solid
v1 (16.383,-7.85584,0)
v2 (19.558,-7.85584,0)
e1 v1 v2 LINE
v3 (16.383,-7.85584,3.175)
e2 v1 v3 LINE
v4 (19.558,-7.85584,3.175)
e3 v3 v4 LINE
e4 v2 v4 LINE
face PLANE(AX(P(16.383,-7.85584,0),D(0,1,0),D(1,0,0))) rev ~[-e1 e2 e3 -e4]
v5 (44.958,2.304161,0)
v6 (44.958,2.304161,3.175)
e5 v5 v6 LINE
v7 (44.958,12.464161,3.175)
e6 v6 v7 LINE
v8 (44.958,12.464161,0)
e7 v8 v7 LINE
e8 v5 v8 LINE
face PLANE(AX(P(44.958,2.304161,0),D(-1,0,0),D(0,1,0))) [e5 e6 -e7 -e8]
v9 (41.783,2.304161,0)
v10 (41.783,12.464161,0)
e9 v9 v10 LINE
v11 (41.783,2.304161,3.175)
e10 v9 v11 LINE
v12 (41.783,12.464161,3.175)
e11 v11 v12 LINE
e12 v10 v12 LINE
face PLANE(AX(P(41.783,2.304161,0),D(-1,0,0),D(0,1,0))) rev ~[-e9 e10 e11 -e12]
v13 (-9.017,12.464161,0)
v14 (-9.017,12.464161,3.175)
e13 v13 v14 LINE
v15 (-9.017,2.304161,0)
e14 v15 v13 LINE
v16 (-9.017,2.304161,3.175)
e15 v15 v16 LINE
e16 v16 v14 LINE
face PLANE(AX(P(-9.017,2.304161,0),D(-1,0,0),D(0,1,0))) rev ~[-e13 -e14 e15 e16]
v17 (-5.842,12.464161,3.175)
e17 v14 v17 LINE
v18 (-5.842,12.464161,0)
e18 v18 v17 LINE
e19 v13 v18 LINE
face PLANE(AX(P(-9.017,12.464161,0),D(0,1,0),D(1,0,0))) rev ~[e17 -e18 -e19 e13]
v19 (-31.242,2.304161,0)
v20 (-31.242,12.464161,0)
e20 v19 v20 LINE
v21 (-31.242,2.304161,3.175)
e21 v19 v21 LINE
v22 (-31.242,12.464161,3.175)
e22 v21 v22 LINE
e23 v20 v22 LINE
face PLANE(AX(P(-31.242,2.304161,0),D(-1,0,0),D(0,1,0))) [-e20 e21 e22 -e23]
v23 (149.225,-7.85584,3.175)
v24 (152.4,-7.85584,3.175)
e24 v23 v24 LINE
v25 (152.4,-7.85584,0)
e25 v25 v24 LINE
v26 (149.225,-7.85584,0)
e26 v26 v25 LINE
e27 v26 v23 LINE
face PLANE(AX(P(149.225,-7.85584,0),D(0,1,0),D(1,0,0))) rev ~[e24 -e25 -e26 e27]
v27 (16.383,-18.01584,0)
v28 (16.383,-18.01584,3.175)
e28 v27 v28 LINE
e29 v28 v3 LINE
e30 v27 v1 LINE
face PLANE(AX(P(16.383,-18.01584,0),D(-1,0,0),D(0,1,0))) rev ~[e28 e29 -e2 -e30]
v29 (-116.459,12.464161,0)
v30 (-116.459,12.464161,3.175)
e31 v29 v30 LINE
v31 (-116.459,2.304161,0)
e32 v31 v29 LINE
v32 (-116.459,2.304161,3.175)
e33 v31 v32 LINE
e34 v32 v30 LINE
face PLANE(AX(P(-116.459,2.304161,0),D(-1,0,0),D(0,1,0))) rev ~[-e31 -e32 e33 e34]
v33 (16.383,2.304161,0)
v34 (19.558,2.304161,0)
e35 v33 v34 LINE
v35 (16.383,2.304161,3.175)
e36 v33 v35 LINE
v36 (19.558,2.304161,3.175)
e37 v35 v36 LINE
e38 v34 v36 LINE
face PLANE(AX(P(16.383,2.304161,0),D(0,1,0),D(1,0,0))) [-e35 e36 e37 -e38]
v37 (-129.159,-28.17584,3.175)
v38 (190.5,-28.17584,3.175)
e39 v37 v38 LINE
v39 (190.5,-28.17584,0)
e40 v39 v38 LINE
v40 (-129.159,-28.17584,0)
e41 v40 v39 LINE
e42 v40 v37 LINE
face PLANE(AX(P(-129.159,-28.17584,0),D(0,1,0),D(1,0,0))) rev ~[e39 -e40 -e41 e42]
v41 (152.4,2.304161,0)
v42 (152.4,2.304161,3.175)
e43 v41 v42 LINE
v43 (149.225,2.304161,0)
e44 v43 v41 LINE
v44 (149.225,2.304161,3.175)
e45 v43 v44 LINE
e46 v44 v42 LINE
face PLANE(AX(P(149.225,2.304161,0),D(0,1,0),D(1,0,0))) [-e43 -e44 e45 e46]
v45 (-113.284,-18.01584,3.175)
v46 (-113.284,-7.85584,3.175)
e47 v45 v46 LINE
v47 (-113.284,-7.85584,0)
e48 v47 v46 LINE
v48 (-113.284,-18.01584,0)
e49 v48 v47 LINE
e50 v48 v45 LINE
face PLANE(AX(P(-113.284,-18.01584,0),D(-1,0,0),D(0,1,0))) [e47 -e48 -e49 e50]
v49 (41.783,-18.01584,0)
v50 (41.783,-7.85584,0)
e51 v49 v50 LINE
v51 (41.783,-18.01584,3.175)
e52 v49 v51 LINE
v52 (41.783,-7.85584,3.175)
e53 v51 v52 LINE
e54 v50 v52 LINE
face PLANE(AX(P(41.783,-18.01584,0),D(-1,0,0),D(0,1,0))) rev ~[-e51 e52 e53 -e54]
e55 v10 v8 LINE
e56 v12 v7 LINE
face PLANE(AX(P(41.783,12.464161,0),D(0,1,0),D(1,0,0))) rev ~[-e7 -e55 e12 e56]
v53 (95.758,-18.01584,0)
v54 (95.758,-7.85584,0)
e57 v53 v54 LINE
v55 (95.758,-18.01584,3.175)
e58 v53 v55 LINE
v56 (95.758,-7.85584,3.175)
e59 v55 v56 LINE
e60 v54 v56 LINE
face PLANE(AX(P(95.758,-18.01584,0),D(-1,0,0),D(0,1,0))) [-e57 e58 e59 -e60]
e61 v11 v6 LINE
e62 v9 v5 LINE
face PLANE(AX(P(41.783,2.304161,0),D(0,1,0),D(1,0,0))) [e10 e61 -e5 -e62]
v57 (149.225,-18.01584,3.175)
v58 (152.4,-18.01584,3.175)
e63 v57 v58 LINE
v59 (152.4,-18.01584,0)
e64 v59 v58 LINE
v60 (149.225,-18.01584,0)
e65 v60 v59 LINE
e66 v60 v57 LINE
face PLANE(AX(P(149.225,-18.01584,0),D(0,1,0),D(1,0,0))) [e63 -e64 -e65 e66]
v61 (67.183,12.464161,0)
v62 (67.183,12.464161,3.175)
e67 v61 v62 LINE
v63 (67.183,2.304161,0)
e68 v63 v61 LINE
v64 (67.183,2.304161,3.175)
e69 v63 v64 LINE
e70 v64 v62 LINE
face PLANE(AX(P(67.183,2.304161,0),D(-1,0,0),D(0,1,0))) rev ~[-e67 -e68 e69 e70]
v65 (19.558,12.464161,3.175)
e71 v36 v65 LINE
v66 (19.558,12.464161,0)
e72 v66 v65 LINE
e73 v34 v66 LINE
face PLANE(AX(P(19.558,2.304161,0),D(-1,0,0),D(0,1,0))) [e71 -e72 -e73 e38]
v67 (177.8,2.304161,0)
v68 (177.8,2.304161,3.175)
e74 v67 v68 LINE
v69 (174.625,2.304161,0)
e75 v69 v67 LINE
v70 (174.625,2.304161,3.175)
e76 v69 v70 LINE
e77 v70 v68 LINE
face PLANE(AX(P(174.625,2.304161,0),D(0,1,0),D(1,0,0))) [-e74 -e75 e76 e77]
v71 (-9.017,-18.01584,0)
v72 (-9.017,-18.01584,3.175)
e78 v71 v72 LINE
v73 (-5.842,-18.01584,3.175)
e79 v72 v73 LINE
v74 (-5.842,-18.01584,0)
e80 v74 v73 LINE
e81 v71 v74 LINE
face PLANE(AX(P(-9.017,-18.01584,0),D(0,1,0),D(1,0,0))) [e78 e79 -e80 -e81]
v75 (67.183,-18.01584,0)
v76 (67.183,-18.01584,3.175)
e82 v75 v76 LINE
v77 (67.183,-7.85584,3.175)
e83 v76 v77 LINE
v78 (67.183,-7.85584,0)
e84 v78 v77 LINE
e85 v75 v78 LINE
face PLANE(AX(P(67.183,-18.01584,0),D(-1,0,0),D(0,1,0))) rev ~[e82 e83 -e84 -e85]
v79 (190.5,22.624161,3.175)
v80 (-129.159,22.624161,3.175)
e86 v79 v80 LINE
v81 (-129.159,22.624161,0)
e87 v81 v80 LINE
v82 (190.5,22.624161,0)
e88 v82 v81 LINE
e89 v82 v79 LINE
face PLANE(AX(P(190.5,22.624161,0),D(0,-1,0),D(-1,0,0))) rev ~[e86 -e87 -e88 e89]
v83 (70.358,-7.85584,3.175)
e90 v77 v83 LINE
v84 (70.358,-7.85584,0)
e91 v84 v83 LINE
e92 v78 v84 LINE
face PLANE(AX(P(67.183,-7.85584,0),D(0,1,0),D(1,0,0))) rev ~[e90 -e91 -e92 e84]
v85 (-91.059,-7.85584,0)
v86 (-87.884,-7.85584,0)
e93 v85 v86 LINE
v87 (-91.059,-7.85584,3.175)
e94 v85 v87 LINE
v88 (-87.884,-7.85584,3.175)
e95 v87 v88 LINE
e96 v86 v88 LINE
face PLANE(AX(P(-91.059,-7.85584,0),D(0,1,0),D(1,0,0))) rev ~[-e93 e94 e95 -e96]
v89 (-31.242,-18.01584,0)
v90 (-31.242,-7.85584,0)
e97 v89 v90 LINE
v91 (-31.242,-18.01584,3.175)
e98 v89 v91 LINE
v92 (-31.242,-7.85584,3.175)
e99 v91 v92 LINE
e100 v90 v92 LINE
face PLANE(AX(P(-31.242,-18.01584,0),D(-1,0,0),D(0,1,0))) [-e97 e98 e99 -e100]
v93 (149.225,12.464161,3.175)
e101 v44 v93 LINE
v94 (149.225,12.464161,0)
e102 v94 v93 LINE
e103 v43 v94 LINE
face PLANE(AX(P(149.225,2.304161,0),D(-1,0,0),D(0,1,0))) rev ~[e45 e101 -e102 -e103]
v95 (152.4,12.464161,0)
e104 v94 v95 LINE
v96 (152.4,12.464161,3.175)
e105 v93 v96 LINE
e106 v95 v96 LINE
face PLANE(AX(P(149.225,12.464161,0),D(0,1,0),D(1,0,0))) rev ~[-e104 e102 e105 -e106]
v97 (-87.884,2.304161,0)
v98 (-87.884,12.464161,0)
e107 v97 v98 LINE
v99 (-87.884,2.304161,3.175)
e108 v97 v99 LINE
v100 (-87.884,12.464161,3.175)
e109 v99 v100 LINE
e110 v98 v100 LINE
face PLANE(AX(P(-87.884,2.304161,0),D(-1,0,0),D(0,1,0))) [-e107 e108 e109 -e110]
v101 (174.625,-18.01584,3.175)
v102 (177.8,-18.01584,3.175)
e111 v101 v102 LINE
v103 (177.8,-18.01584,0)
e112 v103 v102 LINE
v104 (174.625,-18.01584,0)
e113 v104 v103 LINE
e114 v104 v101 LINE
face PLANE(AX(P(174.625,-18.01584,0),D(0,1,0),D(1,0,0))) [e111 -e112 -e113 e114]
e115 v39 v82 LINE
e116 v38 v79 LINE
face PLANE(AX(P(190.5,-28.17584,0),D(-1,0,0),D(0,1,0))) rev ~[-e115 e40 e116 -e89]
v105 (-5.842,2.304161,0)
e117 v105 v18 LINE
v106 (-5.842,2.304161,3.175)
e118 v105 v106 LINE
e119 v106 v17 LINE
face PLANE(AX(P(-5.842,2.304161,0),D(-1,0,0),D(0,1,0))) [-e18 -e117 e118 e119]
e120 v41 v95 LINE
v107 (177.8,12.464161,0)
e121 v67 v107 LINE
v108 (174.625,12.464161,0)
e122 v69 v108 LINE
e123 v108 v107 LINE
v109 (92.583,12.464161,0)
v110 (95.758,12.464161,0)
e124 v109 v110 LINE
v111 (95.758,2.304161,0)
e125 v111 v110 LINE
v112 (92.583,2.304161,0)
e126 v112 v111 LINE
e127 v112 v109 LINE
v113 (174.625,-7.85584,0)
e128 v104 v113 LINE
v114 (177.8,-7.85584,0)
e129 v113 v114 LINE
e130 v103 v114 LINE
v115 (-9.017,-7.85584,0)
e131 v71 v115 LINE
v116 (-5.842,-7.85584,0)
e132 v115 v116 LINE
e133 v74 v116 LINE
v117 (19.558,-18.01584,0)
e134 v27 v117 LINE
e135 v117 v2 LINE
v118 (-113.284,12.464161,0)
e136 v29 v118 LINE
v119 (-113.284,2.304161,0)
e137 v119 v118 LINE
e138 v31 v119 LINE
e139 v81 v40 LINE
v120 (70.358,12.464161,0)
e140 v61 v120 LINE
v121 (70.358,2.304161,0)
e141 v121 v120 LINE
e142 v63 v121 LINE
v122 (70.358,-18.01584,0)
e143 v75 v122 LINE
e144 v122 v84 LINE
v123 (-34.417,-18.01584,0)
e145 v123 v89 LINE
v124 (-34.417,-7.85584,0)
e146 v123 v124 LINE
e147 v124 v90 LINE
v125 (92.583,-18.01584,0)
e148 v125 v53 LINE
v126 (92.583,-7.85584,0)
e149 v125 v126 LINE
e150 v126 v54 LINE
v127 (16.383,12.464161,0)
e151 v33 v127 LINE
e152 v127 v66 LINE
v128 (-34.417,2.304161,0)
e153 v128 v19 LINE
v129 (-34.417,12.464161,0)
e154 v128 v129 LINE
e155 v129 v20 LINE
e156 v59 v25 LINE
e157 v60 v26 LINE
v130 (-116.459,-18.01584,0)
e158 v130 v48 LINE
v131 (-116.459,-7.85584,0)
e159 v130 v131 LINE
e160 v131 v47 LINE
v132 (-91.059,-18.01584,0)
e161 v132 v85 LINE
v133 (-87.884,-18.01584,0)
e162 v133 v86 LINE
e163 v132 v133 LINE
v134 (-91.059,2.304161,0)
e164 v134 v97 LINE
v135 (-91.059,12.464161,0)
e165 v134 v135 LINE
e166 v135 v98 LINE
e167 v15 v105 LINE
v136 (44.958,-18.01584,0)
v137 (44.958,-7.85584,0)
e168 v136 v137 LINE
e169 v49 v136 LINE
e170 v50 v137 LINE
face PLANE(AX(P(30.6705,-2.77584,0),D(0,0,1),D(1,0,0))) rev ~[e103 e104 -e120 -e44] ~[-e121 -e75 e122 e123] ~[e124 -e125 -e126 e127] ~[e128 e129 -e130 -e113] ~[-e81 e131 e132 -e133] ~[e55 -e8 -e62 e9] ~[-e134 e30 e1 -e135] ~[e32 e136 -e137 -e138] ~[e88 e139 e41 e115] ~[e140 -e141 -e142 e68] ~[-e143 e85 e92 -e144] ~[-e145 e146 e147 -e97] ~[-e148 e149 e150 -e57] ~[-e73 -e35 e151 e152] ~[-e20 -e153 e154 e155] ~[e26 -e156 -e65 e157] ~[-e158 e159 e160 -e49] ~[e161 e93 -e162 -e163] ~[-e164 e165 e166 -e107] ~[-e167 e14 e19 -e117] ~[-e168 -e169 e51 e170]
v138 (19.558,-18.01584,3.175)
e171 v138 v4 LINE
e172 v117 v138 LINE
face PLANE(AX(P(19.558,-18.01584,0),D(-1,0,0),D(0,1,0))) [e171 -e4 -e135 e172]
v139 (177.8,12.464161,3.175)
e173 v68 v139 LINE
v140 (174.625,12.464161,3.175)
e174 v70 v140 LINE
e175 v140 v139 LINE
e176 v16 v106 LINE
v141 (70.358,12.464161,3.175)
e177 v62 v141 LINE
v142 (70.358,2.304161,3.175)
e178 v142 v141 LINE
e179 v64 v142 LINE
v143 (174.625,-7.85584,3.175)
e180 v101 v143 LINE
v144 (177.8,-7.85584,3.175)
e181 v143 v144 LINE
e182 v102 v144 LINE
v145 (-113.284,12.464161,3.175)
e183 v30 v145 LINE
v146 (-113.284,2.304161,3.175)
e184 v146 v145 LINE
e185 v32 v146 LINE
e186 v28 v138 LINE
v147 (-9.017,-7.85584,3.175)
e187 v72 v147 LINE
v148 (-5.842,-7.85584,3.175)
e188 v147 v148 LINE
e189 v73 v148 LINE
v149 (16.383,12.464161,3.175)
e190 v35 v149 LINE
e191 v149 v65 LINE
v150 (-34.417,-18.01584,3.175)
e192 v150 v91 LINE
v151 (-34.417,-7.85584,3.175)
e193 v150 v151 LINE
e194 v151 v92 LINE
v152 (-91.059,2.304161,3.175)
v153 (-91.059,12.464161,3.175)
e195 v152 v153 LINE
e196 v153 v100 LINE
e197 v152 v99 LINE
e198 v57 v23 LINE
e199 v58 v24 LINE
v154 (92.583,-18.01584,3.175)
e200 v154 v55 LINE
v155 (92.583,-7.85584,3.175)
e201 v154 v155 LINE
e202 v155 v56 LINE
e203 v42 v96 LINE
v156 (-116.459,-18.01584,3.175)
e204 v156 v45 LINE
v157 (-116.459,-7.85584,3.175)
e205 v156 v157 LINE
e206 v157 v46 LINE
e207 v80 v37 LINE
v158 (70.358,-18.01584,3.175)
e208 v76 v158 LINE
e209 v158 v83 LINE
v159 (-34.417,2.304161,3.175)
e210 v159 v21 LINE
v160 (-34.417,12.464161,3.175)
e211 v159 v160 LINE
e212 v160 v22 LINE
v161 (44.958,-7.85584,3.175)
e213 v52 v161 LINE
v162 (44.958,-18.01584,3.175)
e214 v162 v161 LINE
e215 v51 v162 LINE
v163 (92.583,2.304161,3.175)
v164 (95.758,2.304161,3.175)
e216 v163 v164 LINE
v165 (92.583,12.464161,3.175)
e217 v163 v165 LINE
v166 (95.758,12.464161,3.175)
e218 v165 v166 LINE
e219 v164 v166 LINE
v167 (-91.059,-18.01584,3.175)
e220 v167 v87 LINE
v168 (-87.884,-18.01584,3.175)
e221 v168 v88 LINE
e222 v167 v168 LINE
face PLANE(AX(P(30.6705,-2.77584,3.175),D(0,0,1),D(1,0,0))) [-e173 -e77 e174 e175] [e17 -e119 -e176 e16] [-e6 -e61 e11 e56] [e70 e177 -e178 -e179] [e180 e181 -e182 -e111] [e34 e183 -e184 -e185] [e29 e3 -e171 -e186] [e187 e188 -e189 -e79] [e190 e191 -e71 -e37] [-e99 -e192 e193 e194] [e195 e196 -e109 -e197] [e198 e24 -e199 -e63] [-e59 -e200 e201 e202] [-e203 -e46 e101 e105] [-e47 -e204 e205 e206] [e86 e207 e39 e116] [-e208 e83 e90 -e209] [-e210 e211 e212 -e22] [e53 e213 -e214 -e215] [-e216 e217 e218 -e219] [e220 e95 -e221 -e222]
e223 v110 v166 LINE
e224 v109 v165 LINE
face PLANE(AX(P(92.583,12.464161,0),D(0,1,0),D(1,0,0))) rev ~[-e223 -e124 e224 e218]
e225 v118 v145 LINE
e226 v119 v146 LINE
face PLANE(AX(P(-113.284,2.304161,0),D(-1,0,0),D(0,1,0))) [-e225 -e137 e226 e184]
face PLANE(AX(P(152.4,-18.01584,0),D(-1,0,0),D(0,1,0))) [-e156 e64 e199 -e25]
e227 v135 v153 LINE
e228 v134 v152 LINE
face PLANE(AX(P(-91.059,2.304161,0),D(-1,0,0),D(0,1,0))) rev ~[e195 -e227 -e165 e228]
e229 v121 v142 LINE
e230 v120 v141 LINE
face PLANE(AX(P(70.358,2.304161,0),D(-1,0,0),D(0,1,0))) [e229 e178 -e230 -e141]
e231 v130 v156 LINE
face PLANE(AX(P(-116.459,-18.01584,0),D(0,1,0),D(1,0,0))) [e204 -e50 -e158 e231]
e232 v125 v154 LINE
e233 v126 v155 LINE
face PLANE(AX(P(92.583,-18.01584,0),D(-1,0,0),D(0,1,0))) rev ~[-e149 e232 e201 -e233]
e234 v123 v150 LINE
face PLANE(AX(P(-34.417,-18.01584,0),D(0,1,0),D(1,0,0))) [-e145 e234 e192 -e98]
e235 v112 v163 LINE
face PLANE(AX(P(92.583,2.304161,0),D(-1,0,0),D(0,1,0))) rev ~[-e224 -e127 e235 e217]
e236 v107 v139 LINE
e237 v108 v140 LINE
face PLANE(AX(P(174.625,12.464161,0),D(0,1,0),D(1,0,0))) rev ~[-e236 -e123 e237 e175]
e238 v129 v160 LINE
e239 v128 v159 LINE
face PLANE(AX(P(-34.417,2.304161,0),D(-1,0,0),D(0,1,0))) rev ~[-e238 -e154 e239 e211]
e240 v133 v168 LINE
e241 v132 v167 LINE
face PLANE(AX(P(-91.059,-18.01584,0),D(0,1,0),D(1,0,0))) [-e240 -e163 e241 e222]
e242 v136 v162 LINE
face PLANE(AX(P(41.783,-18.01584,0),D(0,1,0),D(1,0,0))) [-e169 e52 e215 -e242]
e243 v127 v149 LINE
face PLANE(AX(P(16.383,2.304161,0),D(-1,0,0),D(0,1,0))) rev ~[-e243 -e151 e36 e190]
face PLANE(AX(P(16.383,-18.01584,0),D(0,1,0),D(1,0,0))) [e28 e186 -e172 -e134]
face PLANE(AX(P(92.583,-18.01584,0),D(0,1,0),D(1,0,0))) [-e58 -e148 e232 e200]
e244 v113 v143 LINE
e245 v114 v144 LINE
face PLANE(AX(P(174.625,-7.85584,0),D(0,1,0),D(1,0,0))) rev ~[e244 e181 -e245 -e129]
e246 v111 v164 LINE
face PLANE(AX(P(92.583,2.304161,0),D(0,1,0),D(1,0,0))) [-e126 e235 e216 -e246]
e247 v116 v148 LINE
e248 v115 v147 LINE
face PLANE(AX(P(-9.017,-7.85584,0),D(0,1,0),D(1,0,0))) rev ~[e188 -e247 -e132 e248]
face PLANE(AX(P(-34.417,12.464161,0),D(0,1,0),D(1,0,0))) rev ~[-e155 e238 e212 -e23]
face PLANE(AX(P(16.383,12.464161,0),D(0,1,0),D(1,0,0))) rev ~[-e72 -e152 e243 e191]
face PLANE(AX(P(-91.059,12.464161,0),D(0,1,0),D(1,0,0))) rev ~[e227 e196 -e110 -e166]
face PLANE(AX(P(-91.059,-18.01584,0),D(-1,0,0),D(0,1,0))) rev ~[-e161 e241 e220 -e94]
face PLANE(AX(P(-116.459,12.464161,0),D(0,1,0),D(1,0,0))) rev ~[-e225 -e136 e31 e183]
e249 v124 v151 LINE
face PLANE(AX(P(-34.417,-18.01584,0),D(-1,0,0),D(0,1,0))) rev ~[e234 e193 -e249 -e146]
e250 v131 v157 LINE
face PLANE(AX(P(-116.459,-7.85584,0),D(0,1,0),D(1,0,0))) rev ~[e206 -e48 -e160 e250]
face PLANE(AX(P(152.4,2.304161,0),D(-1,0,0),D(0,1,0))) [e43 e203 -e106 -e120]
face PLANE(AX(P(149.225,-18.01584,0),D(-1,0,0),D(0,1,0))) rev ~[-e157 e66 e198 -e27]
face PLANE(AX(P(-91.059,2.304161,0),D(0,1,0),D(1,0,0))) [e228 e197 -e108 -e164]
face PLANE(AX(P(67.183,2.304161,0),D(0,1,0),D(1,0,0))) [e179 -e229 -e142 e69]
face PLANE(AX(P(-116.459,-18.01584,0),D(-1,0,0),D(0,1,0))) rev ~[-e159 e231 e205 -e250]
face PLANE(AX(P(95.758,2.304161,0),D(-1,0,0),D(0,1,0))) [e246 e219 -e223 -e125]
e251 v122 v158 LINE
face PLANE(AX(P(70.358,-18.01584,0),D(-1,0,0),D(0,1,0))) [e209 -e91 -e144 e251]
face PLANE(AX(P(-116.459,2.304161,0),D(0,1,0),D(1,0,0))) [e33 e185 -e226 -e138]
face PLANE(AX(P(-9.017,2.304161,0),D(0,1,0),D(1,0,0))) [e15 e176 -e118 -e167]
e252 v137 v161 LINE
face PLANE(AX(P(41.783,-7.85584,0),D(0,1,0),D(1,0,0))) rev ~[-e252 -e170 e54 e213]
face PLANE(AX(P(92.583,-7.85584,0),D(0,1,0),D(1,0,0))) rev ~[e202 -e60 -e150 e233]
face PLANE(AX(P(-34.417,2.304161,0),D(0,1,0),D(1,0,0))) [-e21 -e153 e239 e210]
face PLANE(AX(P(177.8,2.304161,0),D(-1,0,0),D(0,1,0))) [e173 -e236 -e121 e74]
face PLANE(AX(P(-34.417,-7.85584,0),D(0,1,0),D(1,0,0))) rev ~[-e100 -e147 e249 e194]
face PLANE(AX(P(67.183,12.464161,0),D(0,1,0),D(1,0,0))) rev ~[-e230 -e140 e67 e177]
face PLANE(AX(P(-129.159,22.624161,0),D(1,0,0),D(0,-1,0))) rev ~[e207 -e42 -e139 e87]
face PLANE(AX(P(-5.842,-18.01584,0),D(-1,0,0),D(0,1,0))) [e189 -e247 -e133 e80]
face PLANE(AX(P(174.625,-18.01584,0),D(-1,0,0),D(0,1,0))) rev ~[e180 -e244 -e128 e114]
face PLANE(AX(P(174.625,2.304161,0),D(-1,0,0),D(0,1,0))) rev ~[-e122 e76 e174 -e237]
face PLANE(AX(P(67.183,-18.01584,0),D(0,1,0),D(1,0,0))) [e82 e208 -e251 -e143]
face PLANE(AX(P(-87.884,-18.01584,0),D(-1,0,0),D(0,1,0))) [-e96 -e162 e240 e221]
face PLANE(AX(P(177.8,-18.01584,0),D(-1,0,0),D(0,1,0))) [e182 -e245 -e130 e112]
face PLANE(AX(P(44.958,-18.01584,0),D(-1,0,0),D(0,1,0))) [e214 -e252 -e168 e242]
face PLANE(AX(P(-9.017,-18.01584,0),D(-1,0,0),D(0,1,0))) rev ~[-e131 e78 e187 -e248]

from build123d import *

# Parameters (mm, degrees)
F0_W     = 3.175
F0_H     = 10.16
F1_DEPTH = 3.175


with BuildPart() as f1:
    # F0 (on Top) → F1 (new body)
    with BuildSketch(Plane.XY):
        Polygon((-129.159, -28.17584), (190.5, -28.17584), (190.5, 22.624161), (177.8, 22.624161), (174.625, 22.624161), (152.4, 22.624161), (149.225, 22.624161), (-129.159, 22.624161), align=None)
        with Locations((-114.8715, -12.93584)):
            Rectangle(F0_W, F0_H, mode=Mode.SUBTRACT)
        with Locations((-89.4715, -12.93584)):
            Rectangle(F0_W, F0_H, mode=Mode.SUBTRACT)
        with Locations((-32.8295, -12.93584)):
            Rectangle(F0_W, F0_H, mode=Mode.SUBTRACT)
        with Locations((-7.4295, -12.93584)):
            Rectangle(F0_W, F0_H, mode=Mode.SUBTRACT)
        with Locations((17.9705, -12.93584)):
            Rectangle(F0_W, F0_H, mode=Mode.SUBTRACT)
        with Locations((43.3705, -12.93584)):
            Rectangle(F0_W, F0_H, mode=Mode.SUBTRACT)
        with Locations((68.7705, -12.93584)):
            Rectangle(F0_W, F0_H, mode=Mode.SUBTRACT)
        with Locations((94.1705, -12.93584)):
            Rectangle(F0_W, F0_H, mode=Mode.SUBTRACT)
        with Locations((150.8125, -12.93584)):
            Rectangle(F0_W, F0_H, mode=Mode.SUBTRACT)
        with Locations((176.2125, -12.93584)):
            Rectangle(F0_W, F0_H, mode=Mode.SUBTRACT)
        with Locations((-114.8715, 7.384161)):
            Rectangle(F0_W, F0_H, mode=Mode.SUBTRACT)
        with Locations((-89.4715, 7.384161)):
            Rectangle(F0_W, F0_H, mode=Mode.SUBTRACT)
        with Locations((-32.8295, 7.384161)):
            Rectangle(F0_W, F0_H, mode=Mode.SUBTRACT)
        with Locations((-7.4295, 7.384161)):
            Rectangle(F0_W, F0_H, mode=Mode.SUBTRACT)
        with Locations((17.9705, 7.384161)):
            Rectangle(F0_W, F0_H, mode=Mode.SUBTRACT)
        with Locations((43.3705, 7.384161)):
            Rectangle(F0_W, F0_H, mode=Mode.SUBTRACT)
        with Locations((68.7705, 7.384161)):
            Rectangle(F0_W, F0_H, mode=Mode.SUBTRACT)
        with Locations((94.1705, 7.384161)):
            Rectangle(F0_W, F0_H, mode=Mode.SUBTRACT)
        with Locations((150.8125, 7.384161)):
            Rectangle(F0_W, F0_H, mode=Mode.SUBTRACT)
        with Locations((176.2125, 7.384161)):
            Rectangle(F0_W, F0_H, mode=Mode.SUBTRACT)
    extrude(amount=F1_DEPTH)


solid = f1.part
